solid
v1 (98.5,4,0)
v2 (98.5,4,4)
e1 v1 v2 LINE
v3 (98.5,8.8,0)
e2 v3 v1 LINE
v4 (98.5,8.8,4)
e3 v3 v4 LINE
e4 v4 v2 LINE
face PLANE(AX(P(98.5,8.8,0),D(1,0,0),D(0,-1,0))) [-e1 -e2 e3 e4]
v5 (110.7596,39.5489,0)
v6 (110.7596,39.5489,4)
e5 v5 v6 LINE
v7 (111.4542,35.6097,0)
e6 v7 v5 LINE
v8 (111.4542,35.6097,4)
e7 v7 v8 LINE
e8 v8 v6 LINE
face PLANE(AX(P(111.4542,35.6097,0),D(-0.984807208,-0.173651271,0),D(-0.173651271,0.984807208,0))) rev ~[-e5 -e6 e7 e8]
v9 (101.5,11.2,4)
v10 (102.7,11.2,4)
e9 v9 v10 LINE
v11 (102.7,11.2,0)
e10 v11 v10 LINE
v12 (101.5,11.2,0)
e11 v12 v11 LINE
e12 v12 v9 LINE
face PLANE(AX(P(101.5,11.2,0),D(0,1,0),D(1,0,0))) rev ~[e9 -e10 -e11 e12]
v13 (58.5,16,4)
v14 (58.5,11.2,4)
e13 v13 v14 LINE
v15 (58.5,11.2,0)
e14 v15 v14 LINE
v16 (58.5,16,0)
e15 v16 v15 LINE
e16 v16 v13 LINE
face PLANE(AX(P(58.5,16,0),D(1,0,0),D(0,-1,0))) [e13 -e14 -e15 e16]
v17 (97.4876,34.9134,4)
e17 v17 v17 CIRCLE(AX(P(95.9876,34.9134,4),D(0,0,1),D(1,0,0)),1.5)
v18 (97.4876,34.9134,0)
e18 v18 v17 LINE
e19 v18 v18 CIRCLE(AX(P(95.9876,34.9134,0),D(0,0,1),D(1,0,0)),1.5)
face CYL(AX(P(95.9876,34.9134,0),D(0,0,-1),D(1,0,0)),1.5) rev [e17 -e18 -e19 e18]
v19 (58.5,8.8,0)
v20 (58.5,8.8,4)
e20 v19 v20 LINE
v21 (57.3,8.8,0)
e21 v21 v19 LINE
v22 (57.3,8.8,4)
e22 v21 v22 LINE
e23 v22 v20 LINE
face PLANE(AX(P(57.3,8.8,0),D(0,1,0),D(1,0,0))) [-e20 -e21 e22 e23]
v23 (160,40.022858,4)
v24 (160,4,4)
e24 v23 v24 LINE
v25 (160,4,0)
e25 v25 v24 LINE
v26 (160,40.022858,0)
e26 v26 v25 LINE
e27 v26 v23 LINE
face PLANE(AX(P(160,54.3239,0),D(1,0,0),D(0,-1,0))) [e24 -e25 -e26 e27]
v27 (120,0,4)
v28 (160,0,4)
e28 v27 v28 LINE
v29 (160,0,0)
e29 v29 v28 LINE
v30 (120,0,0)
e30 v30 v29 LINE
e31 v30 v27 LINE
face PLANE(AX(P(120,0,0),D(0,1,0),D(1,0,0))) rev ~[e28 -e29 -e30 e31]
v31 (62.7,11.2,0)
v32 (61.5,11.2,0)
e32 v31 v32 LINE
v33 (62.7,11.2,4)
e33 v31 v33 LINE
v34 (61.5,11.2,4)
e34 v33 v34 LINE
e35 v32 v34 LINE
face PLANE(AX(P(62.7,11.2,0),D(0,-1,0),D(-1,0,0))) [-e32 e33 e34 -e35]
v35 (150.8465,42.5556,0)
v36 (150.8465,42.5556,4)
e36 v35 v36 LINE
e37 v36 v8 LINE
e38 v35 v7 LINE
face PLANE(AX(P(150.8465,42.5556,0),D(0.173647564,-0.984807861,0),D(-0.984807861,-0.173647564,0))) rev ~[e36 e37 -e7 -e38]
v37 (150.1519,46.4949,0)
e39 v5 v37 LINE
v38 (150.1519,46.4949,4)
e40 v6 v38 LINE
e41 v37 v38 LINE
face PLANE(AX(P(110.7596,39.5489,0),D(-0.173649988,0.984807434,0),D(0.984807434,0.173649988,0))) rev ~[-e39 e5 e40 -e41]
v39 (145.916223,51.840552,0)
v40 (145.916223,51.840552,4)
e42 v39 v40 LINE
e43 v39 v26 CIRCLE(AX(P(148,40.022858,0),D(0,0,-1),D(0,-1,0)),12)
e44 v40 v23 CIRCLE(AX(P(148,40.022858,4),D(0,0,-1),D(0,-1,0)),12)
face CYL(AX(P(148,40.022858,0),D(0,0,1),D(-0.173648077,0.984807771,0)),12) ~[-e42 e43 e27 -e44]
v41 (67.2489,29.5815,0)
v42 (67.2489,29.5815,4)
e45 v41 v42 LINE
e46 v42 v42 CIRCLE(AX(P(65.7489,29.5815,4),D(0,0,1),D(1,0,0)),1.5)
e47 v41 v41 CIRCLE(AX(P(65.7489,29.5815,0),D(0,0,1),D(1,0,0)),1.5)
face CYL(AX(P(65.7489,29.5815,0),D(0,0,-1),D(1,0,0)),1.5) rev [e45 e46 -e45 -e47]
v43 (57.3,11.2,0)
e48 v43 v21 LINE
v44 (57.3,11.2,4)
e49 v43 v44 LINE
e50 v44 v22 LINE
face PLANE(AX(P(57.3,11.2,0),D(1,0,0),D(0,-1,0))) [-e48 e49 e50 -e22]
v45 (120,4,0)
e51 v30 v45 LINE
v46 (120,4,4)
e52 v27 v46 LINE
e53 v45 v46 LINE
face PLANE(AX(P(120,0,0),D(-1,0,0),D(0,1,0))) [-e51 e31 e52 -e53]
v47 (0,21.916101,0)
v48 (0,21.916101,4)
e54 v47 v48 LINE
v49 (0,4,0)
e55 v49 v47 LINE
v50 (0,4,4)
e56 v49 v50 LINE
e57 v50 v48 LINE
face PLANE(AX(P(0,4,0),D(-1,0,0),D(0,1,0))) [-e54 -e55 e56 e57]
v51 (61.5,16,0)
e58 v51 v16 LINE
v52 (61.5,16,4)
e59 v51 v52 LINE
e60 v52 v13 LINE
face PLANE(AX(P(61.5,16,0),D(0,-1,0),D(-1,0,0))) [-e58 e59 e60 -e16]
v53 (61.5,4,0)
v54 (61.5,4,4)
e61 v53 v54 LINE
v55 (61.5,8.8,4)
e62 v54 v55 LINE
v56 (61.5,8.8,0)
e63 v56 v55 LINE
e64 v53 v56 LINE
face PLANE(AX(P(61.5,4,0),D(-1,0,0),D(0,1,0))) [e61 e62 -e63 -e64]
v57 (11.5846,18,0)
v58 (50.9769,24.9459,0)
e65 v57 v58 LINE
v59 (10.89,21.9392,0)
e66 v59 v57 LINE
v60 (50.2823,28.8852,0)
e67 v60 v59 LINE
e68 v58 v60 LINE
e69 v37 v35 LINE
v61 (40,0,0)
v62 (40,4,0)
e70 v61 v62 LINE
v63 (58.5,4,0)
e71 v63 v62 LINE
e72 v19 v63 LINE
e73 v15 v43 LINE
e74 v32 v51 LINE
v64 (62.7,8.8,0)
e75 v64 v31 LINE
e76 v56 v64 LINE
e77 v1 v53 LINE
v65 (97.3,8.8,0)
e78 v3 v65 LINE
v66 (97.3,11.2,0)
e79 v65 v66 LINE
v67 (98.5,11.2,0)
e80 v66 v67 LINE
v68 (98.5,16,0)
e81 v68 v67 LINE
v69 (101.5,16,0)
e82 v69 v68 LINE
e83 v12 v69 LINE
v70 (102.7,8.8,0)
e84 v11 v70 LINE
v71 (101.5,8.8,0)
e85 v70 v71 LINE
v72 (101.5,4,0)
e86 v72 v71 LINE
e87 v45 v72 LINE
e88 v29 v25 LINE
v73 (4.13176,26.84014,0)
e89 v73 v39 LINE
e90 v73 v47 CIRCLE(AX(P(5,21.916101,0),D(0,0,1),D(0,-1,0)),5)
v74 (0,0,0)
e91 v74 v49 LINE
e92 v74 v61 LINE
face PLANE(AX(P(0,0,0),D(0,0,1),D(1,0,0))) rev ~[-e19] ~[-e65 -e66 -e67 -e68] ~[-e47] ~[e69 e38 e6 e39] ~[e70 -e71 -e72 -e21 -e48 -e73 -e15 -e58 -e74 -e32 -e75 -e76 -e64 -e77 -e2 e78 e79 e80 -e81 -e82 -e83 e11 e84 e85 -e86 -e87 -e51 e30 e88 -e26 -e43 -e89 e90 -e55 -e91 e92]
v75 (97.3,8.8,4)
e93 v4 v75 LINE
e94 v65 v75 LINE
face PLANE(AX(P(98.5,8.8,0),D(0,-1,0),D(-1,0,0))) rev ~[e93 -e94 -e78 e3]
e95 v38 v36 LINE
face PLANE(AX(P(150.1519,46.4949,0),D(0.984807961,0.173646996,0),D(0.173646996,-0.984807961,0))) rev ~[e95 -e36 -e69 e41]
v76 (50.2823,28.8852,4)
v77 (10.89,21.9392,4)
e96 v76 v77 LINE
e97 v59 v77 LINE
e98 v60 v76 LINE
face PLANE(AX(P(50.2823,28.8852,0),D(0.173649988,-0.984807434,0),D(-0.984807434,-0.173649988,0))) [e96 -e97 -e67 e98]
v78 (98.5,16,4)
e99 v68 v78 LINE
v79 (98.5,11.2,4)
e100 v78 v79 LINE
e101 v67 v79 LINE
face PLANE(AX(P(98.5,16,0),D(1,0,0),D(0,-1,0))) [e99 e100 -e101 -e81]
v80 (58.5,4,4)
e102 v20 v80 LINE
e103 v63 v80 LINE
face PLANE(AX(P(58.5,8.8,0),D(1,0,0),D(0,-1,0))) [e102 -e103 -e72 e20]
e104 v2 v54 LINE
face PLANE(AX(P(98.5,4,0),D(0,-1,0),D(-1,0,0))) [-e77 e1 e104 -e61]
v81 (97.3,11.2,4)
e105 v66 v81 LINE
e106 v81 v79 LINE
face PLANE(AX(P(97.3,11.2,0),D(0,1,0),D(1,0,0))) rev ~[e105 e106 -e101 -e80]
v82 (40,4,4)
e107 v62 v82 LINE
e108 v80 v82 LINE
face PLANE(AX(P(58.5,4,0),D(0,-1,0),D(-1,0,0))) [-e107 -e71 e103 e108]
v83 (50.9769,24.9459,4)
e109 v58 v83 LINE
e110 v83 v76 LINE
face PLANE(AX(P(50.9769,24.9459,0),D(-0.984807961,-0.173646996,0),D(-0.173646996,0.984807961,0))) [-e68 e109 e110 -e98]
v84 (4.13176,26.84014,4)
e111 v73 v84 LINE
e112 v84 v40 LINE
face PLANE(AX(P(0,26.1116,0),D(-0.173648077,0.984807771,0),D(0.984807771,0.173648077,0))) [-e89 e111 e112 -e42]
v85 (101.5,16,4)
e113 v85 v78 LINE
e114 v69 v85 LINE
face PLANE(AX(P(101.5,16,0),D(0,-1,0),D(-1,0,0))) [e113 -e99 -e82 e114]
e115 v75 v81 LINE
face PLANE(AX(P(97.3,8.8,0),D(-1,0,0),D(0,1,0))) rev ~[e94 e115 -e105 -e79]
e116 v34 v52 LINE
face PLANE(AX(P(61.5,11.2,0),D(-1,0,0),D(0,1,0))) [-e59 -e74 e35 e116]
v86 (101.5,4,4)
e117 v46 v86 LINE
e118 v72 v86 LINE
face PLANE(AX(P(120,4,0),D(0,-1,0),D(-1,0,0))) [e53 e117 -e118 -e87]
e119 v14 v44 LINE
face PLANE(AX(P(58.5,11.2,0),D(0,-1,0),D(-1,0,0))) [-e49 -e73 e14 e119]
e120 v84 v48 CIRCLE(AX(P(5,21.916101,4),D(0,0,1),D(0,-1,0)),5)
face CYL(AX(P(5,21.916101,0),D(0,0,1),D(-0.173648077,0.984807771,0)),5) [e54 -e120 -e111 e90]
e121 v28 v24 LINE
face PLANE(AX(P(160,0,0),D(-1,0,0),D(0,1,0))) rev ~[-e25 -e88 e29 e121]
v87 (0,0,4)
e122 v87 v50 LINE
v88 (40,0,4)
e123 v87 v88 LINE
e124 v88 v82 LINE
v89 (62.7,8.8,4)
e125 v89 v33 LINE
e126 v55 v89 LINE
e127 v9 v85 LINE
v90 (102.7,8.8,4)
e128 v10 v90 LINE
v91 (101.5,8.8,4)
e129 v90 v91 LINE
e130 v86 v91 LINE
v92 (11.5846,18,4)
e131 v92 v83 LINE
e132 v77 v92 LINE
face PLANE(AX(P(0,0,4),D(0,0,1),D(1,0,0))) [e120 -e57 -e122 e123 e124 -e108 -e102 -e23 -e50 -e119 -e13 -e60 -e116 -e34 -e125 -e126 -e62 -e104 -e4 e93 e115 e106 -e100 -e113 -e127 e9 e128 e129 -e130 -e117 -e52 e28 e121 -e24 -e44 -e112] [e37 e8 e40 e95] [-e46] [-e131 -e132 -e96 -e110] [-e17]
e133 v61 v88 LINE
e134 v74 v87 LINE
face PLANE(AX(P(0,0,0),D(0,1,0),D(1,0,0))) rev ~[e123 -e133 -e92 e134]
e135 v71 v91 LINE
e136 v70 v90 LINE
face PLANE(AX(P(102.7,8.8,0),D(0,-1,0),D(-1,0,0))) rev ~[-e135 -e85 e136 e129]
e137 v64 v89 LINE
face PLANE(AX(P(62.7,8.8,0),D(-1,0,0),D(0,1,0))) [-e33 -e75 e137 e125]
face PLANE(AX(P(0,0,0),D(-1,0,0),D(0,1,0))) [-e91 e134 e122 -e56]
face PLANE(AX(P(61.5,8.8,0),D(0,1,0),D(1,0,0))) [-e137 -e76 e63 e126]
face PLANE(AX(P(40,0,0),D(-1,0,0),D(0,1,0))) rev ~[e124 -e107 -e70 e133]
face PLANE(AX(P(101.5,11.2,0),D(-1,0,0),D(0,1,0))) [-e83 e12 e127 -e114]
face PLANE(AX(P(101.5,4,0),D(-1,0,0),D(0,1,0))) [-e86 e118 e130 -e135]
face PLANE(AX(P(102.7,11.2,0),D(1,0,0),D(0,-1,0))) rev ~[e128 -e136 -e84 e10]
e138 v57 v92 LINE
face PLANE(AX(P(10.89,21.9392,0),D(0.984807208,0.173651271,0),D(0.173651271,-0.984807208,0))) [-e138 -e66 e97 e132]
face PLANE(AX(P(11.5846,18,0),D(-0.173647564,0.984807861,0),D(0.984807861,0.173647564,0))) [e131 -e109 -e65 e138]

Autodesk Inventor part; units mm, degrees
ref_plane "YZ Plane" through (0, 0, 0) normal (1, 0, 0) x (0, 1, 0)
ref_plane "XZ Plane" through (0, 0, 0) normal (0, 1, 0) x (-1, 0, 0)
ref_plane "XY Plane" through (0, 0, 0) normal (0, 0, 1) x (1, 0, 0)
sketch "Sketch1" plane through (0, 0, 0) normal (0, 0, 1) x (1, 0, 0)
  line L0 (0, 0) -> (40, 0) projected
  line L1 (40, 0) -> (40, 4) projected
  line L2 (0, 4) -> (40, 4) construction
  line L3 (0, 0) -> (0, 4) projected
  line L4 (120, 0) -> (160, 0) projected
  line L5 (160, 0) -> (160, 4) projected
  line L6 (120, 4) -> (160, 4) construction
  line L7 (120, 0) -> (120, 4) projected
  line L8 (0, 4) -> (0, 26.1116)
  line L9 (0, 26.1116) -> (160, 54.3239)
  line L10 (160, 54.3239) -> (160, 4)
  line L11 (120, 4) -> (101.5, 4)
  line L12 (61.5, 4) -> (61.5, 0) construction
  line L13 (58.5, 4) -> (58.5, 0) construction
  line L14 (98.5, 4) -> (98.5, 0) construction
  line L15 (101.5, 4) -> (101.5, 0) construction
  line L16 (58.5, 4) -> (61.5, 4) construction
  line L17 (61.5, 4) -> (61.5, 16)
  line L18 (61.5, 16) -> (58.5, 16)
  line L19 (58.5, 16) -> (58.5, 4)
  line L20 (57.3, 8.8) -> (62.7, 8.8)
  line L21 (62.7, 8.8) -> (62.7, 11.2)
  line L22 (62.7, 11.2) -> (57.3, 11.2)
  line L23 (57.3, 11.2) -> (57.3, 8.8)
  line L24 (98.5, 4) -> (101.5, 4) construction
  line L25 (101.5, 4) -> (101.5, 16)
  line L26 (101.5, 16) -> (98.5, 16)
  line L27 (98.5, 16) -> (98.5, 4)
  line L28 (102.7, 8.8) -> (97.3, 8.8)
  line L29 (97.3, 8.8) -> (97.3, 11.2)
  line L30 (97.3, 11.2) -> (102.7, 11.2)
  line L31 (102.7, 11.2) -> (102.7, 8.8)
  line L32 (58.5, 4) -> (40, 4)
  line L33 (61.5, 4) -> (58.5, 4)
  line L34 (98.5, 4) -> (61.5, 4)
  line L35 (101.5, 4) -> (98.5, 4)
  line L36 (11.5846, 18) -> (50.9769, 24.9459)
  line L37 (50.9769, 24.9459) -> (50.2823, 28.8852)
  line L38 (50.2823, 28.8852) -> (10.89, 21.9392)
  line L39 (10.89, 21.9392) -> (11.5846, 18)
  line L40 (110.7596, 39.5489) -> (150.1519, 46.4949)
  line L41 (150.1519, 46.4949) -> (150.8465, 42.5556)
  line L42 (150.8465, 42.5556) -> (111.4542, 35.6097)
  line L43 (111.4542, 35.6097) -> (110.7596, 39.5489)
  line L44 (150.1519, 46.4949) -> (160, 48.2314) construction
  line L45 (50.6296, 26.9155) -> (65.7489, 29.5815) construction
  line L46 (65.7489, 29.5815) -> (80.8682, 32.2474) construction
  line L47 (80.8682, 32.2474) -> (95.9876, 34.9134) construction
  line L48 (95.9876, 34.9134) -> (111.1069, 37.5793) construction
  circle A0 centre (65.7489, 29.5815) radius 1.5
  circle A1 centre (95.9876, 34.9134) radius 1.5
  point P0 (60, 11.2)
  point P1 (60, 16)
  point P2 (62.7, 10)
  point P3 (61.5, 10)
  point P4 (100, 11.2)
  point P5 (100, 16)
  point P6 (58.5, 8.8)
  point P7 (58.5, 11.2)
  point P8 (61.5, 11.2)
  point P9 (61.5, 8.8)
  point P10 (98.5, 8.8)
  point P11 (98.5, 11.2)
  point P12 (101.5, 11.2)
  point P13 (101.5, 8.8)
  dimension "d0" = 3
  dimension "d1" = 12
  dimension "d2" = 5.4
  dimension "d3" = 2.4
  dimension "d4" = 10
  dimension "d6" = 40
  dimension "d7" = 3
  dimension "d9" = 4
  dimension "d10" = 14
  dimension "d11" = 6
  dimension "d12" = 10
  dimension "d13" = 10
extrude "Extrusion1" add sketch "Sketch1" along normal blind 4 contours L3 L8 L9 L10 L5 L4 L7 L11 L25 L28 L31 L30 L26 L27 L29 L34 L17 L20 L21 L22 L18 L19 L23 L32 L1 L0
fillet "Fillet1" radius 12 1 edges at (160, 54.3239, 2)
fillet "Fillet2" radius 5 1 edges at (0, 26.1116, 2)
properties part number "Pannel_Side" material "MDF Medium Density Fiberboard"
